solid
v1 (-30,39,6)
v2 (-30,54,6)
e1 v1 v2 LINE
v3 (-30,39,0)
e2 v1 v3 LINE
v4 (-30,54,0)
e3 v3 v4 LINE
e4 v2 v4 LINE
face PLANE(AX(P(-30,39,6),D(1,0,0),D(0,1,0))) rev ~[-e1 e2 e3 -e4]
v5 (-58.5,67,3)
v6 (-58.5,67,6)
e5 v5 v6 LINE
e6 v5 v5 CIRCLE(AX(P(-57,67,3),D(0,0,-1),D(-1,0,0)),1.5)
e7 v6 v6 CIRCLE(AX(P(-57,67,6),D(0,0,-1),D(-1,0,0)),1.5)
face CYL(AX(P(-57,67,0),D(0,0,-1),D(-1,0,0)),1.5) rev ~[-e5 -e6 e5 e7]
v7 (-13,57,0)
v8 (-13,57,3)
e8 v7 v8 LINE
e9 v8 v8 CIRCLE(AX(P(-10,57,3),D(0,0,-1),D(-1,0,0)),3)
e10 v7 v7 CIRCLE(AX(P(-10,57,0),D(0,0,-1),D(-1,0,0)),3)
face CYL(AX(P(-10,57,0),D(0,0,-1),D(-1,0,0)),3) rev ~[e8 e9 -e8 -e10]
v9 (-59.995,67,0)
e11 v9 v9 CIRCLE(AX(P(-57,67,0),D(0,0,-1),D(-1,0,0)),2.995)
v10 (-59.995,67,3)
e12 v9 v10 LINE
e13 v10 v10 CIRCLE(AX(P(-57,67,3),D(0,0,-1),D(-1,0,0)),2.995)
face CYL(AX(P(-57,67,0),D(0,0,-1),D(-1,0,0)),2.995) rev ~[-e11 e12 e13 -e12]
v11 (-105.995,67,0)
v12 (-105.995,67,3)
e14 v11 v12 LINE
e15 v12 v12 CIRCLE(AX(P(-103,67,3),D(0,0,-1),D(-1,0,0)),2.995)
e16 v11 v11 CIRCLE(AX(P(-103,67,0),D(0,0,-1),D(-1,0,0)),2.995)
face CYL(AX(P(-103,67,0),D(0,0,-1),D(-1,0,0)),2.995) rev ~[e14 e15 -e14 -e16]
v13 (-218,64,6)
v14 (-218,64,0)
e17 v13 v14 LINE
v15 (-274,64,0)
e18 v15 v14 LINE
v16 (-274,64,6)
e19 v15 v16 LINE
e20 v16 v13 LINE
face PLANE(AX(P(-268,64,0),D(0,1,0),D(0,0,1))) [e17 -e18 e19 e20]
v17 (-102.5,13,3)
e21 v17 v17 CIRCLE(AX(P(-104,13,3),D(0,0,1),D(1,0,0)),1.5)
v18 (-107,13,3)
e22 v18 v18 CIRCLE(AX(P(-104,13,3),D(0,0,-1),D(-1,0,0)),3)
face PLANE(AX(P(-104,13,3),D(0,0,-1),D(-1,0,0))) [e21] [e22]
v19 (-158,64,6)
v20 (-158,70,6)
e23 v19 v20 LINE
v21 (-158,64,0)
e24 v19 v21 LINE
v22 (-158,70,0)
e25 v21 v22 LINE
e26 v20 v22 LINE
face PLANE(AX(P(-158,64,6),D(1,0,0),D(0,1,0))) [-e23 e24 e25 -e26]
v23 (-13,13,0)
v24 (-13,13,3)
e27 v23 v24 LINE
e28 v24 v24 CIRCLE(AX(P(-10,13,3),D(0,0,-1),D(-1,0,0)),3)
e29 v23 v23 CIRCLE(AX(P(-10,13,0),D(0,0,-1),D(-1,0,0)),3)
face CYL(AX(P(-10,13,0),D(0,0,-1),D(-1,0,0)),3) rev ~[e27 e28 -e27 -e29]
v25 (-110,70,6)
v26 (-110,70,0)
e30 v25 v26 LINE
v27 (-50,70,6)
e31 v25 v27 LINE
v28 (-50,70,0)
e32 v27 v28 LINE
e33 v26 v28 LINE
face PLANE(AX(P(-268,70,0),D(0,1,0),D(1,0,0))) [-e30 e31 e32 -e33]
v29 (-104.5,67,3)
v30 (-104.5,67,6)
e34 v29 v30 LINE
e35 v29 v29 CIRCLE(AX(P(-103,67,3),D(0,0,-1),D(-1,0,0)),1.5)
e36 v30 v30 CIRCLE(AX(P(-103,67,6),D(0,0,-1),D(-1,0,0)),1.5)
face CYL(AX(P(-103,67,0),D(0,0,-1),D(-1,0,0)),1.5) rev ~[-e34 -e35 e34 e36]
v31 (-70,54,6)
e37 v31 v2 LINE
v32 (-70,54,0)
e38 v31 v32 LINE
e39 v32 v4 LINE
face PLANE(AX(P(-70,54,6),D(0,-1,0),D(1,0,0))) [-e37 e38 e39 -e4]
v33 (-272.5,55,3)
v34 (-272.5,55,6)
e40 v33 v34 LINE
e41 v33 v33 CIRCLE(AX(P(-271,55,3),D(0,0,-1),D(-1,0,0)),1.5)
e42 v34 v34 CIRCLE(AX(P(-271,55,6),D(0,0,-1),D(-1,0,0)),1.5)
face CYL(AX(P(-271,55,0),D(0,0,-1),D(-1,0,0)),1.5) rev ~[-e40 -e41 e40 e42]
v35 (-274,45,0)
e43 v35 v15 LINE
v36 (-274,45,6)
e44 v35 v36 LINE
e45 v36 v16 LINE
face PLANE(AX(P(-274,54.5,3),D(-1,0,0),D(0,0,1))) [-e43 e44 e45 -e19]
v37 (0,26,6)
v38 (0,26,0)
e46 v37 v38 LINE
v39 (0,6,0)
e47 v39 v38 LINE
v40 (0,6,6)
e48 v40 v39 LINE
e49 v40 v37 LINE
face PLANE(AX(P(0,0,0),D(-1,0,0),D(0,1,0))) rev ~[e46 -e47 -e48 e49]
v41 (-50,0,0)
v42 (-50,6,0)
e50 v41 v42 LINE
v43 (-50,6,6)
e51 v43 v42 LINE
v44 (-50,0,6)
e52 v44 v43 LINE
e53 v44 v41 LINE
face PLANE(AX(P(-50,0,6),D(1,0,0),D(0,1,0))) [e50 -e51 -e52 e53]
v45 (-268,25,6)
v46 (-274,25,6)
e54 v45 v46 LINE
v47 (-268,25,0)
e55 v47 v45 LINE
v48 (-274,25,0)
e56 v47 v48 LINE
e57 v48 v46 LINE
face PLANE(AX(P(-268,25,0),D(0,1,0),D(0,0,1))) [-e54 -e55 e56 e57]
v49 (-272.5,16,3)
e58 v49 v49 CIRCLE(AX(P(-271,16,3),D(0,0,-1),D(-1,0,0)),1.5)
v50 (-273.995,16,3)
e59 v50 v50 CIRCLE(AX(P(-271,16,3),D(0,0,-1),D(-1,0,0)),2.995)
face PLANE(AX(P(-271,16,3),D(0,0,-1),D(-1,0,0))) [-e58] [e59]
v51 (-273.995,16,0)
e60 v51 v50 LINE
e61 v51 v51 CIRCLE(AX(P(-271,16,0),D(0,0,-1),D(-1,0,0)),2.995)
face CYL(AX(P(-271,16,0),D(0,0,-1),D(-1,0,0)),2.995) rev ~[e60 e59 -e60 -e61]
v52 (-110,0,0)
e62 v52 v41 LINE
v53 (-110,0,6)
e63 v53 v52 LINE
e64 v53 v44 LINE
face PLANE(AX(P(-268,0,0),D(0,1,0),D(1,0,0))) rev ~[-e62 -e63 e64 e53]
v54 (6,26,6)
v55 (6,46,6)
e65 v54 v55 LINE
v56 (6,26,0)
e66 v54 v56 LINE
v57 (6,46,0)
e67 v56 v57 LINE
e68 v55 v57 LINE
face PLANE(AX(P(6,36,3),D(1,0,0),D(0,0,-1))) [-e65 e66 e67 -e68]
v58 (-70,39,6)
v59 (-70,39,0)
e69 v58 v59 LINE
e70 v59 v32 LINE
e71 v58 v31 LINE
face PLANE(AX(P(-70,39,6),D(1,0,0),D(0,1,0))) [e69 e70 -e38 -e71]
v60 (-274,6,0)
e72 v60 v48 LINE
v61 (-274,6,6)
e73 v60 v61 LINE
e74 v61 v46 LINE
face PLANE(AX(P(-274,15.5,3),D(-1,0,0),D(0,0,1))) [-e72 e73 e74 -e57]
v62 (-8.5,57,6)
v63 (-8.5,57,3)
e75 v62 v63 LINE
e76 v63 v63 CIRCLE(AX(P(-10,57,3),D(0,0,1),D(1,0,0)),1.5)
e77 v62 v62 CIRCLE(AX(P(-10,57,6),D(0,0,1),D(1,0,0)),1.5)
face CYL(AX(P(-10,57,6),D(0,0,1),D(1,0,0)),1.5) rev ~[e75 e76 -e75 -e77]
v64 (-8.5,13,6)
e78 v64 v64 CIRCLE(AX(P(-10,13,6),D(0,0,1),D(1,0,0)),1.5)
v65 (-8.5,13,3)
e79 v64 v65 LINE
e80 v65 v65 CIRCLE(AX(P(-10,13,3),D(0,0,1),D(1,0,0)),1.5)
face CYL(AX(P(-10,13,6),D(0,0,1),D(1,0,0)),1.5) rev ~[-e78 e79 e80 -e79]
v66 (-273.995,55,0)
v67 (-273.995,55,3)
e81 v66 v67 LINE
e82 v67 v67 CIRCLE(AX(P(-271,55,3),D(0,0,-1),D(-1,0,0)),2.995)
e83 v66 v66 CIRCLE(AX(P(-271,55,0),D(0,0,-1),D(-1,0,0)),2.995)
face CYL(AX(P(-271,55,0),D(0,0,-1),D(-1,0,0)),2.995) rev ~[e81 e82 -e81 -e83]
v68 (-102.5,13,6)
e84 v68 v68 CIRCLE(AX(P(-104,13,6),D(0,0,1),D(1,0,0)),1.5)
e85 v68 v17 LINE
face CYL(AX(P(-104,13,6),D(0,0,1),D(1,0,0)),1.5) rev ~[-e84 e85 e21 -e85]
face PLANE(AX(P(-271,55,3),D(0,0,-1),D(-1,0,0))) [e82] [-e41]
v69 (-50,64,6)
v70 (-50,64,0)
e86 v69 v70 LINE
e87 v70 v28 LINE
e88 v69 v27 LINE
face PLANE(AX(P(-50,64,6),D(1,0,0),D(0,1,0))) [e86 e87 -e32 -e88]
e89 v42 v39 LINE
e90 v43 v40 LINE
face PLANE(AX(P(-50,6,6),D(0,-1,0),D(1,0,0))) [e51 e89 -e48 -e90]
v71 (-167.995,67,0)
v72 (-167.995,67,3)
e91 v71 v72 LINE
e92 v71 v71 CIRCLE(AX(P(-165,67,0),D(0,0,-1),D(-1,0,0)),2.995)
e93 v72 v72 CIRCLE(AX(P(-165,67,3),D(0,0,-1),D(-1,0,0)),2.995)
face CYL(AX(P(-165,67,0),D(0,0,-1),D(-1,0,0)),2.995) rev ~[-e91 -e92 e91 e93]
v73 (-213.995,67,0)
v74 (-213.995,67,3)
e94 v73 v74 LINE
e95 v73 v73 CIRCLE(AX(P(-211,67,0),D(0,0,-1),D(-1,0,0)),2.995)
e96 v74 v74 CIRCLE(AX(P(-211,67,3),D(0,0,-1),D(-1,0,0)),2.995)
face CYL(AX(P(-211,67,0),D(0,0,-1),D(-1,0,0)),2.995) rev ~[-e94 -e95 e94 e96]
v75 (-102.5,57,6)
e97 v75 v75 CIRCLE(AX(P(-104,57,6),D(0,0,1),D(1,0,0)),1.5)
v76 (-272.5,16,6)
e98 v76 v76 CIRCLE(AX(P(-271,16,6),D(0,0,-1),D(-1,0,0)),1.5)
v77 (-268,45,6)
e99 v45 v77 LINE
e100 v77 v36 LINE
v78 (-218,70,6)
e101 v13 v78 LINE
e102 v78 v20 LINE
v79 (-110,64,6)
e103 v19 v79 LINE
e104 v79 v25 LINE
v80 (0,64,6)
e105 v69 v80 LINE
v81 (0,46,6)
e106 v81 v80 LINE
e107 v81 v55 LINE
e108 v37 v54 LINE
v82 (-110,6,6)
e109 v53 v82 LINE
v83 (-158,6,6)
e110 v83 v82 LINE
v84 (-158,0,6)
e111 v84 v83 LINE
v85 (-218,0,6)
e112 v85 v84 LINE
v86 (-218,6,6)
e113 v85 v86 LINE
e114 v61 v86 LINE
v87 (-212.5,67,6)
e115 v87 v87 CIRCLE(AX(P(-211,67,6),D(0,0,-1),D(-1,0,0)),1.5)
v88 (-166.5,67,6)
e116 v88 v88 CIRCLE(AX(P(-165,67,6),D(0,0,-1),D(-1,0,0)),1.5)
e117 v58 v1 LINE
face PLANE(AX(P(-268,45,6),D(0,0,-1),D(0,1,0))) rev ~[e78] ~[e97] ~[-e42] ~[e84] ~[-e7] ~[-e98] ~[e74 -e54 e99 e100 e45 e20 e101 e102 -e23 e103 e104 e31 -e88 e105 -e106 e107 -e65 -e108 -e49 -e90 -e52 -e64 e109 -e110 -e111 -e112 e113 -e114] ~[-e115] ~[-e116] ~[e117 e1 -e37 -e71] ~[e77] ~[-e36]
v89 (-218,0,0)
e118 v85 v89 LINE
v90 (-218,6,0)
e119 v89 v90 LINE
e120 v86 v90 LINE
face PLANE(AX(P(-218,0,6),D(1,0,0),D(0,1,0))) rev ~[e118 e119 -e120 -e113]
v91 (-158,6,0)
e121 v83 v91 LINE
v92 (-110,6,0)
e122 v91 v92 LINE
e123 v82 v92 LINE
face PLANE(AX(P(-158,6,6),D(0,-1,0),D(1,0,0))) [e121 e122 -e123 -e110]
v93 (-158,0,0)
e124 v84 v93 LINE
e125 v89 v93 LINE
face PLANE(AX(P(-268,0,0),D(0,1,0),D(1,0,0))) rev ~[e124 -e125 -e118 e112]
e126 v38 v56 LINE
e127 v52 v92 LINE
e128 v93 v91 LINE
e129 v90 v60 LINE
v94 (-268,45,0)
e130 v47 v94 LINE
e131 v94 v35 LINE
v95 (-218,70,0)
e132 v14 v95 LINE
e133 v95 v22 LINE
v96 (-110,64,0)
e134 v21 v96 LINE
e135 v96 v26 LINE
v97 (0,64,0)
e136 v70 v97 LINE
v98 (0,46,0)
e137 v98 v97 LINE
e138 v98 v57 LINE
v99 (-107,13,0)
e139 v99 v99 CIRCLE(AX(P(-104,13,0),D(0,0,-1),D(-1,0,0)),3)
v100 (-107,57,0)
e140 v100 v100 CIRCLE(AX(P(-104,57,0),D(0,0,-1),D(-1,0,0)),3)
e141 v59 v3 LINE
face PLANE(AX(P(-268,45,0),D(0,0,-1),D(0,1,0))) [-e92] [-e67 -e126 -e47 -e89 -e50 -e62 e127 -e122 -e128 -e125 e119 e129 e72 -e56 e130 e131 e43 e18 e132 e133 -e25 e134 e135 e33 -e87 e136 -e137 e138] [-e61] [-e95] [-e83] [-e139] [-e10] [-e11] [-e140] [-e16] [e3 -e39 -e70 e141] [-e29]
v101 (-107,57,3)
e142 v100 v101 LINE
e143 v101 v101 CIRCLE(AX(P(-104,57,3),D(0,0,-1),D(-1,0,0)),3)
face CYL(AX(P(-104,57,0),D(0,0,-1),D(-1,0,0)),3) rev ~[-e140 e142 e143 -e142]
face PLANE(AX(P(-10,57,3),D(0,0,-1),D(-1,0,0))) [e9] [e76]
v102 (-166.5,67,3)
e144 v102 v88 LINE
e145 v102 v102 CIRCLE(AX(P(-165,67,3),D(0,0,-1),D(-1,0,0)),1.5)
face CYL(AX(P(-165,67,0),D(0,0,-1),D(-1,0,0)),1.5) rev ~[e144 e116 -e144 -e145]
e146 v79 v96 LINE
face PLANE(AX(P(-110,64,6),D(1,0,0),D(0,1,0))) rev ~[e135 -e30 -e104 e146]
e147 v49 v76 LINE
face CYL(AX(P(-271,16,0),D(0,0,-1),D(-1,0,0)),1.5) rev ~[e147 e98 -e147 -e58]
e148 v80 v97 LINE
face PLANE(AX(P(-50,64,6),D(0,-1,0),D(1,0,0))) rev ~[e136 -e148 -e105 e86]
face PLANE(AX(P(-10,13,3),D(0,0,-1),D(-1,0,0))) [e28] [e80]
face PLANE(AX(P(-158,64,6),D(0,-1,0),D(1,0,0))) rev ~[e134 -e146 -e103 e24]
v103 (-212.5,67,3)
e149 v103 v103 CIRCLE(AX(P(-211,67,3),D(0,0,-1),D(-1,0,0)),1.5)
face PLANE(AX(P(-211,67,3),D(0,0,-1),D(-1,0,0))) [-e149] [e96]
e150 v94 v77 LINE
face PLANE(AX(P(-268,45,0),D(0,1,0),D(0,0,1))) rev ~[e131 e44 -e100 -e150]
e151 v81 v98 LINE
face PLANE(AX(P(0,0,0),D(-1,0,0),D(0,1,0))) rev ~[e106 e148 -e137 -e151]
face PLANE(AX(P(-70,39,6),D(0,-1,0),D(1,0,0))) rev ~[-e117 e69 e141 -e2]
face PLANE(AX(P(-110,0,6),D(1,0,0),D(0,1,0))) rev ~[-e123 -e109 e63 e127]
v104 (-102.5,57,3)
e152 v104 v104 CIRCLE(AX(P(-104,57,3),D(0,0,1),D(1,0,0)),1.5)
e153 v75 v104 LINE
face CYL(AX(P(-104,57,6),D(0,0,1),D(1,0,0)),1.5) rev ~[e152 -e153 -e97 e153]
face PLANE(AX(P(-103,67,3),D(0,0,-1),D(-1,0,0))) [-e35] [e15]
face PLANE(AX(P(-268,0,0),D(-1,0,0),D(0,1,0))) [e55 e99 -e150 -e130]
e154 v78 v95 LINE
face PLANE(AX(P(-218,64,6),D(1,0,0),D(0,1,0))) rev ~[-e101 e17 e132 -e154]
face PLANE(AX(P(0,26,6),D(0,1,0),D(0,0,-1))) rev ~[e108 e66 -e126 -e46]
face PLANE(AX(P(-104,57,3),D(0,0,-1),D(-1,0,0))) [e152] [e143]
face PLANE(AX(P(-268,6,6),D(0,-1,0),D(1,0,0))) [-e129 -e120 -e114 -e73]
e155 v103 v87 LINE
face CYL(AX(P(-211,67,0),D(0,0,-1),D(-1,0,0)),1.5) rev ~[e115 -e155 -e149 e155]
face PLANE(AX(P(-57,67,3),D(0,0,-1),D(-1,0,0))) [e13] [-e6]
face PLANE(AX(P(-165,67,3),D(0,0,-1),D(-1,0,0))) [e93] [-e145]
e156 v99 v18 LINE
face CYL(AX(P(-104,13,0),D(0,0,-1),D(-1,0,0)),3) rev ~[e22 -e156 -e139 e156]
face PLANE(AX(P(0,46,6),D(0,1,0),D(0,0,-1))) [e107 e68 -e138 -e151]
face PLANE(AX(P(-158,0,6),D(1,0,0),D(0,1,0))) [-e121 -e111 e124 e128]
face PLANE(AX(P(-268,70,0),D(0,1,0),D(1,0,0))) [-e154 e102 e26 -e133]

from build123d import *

# Parameters (mm, degrees)
ESQUISSE1_W             = 268
ESQUISSE1_H             = 70
BOSS_EXTRU_1_DEPTH      = 6
ESQUISSE2_W             = 50
ESQUISSE2_H             = 6
ESQUISSE2_W_2           = 48
ENL_V_MAT_EXTRU_1_DEPTH = 278.055951028
ESQUISSE3_W             = 6
ESQUISSE3_H             = 20
BOSS_EXTRU_2_DEPTH      = 6
ESQUISSE4_R             = 1.5
ESQUISSE4_W             = 40
ESQUISSE4_H             = 15
ENL_V_MAT_EXTRU_2_DEPTH = 10
ESQUISSE5_W             = 6
ESQUISSE5_H             = 19
BOSS_EXTRU_3_DEPTH      = 6
ESQUISSE6_R             = 1.5
ENL_V_MAT_EXTRU_3_DEPTH = 283.863924883
ESQUISSE7_R             = 2.995
ESQUISSE7_R_2           = 3
ENL_V_MAT_EXTRU_4_DEPTH = 3


with BuildPart() as part:
    # Esquisse1 → Boss.-Extru.1 (new body)
    with BuildSketch(Plane.XY):
        with Locations((-134, 35)):
            Rectangle(ESQUISSE1_W, ESQUISSE1_H)
    extrude(amount=BOSS_EXTRU_1_DEPTH)

    # Esquisse2 → Enlèv. mat.-Extru.1 (cut, through all)
    with BuildSketch(Plane.XY.offset(6)):
        with Locations((-243, 3)):
            Rectangle(ESQUISSE2_W, ESQUISSE2_H)
        with Locations((-25, 3)):
            Rectangle(ESQUISSE2_W, ESQUISSE2_H)
        with Locations((-134, 3)):
            Rectangle(ESQUISSE2_W_2, ESQUISSE2_H)
        with Locations((-243, 67)):
            Rectangle(ESQUISSE2_W, ESQUISSE2_H)
        with Locations((-134, 67)):
            Rectangle(ESQUISSE2_W_2, ESQUISSE2_H)
        with Locations((-25, 67)):
            Rectangle(ESQUISSE2_W, ESQUISSE2_H)
    extrude(amount=-ENL_V_MAT_EXTRU_1_DEPTH, mode=Mode.SUBTRACT)

    # Esquisse3 → Boss.-Extru.2 (add)
    with BuildSketch(Plane(origin=(0, 0, 0), x_dir=(0, 0, -1), z_dir=(1, 0, 0))):
        with Locations((-3, 36)):
            Rectangle(ESQUISSE3_W, ESQUISSE3_H)
    extrude(amount=BOSS_EXTRU_2_DEPTH)

    # Esquisse4 → Enlèv. mat.-Extru.2 (cut)
    with BuildSketch(Plane.XY.offset(6)):
        with Locations((-104, 57)):
            Circle(ESQUISSE4_R)
        with Locations((-104, 13)):
            Circle(ESQUISSE4_R)
        with Locations((-10, 57)):
            Circle(ESQUISSE4_R)
        with Locations((-10, 13)):
            Circle(ESQUISSE4_R)
        with Locations((-50, 46.5)):
            Rectangle(ESQUISSE4_W, ESQUISSE4_H)
    extrude(amount=-ENL_V_MAT_EXTRU_2_DEPTH, mode=Mode.SUBTRACT)

    # Esquisse5 → Boss.-Extru.3 (add)
    with BuildSketch(Plane.ZY.offset(268)):
        with Locations((3, 54.5)):
            Rectangle(ESQUISSE5_W, ESQUISSE5_H)
        with Locations((3, 15.5)):
            Rectangle(ESQUISSE5_W, ESQUISSE5_H)
    extrude(amount=BOSS_EXTRU_3_DEPTH)

    # Esquisse6 → Enlèv. mat.-Extru.3 (cut, through all)
    with BuildSketch(Plane(origin=(0, 0, 0), x_dir=(-1, 0, 0), z_dir=(0, 0, -1))):
        with Locations((271, 16)):
            Circle(ESQUISSE6_R)
        with Locations((271, 55)):
            Circle(ESQUISSE6_R)
        with Locations((211, 67)):
            Circle(ESQUISSE6_R)
        with Locations((165, 67)):
            Circle(ESQUISSE6_R)
        with Locations((103, 67)):
            Circle(ESQUISSE6_R)
        with Locations((57, 67)):
            Circle(ESQUISSE6_R)
    extrude(amount=-ENL_V_MAT_EXTRU_3_DEPTH, mode=Mode.SUBTRACT)

    # Esquisse7 → Enlèv. mat.-Extru.4 (cut)
    with BuildSketch(Plane(origin=(0, 0, 0), x_dir=(-1, 0, 0), z_dir=(0, 0, -1))):
        with Locations((271, 16)):
            Circle(ESQUISSE7_R)
        with Locations((271, 55)):
            Circle(ESQUISSE7_R)
        with Locations((211, 67)):
            Circle(ESQUISSE7_R)
        with Locations((165, 67)):
            Circle(ESQUISSE7_R)
        with Locations((103, 67)):
            Circle(ESQUISSE7_R)
        with Locations((57, 67)):
            Circle(ESQUISSE7_R)
        with Locations((104, 57)):
            Circle(ESQUISSE7_R_2)
        with Locations((104, 13)):
            Circle(ESQUISSE7_R_2)
        with Locations((10, 13)):
            Circle(ESQUISSE7_R_2)
        with Locations((10, 57)):
            Circle(ESQUISSE7_R_2)
    extrude(amount=-ENL_V_MAT_EXTRU_4_DEPTH, mode=Mode.SUBTRACT)


solid = part.part
